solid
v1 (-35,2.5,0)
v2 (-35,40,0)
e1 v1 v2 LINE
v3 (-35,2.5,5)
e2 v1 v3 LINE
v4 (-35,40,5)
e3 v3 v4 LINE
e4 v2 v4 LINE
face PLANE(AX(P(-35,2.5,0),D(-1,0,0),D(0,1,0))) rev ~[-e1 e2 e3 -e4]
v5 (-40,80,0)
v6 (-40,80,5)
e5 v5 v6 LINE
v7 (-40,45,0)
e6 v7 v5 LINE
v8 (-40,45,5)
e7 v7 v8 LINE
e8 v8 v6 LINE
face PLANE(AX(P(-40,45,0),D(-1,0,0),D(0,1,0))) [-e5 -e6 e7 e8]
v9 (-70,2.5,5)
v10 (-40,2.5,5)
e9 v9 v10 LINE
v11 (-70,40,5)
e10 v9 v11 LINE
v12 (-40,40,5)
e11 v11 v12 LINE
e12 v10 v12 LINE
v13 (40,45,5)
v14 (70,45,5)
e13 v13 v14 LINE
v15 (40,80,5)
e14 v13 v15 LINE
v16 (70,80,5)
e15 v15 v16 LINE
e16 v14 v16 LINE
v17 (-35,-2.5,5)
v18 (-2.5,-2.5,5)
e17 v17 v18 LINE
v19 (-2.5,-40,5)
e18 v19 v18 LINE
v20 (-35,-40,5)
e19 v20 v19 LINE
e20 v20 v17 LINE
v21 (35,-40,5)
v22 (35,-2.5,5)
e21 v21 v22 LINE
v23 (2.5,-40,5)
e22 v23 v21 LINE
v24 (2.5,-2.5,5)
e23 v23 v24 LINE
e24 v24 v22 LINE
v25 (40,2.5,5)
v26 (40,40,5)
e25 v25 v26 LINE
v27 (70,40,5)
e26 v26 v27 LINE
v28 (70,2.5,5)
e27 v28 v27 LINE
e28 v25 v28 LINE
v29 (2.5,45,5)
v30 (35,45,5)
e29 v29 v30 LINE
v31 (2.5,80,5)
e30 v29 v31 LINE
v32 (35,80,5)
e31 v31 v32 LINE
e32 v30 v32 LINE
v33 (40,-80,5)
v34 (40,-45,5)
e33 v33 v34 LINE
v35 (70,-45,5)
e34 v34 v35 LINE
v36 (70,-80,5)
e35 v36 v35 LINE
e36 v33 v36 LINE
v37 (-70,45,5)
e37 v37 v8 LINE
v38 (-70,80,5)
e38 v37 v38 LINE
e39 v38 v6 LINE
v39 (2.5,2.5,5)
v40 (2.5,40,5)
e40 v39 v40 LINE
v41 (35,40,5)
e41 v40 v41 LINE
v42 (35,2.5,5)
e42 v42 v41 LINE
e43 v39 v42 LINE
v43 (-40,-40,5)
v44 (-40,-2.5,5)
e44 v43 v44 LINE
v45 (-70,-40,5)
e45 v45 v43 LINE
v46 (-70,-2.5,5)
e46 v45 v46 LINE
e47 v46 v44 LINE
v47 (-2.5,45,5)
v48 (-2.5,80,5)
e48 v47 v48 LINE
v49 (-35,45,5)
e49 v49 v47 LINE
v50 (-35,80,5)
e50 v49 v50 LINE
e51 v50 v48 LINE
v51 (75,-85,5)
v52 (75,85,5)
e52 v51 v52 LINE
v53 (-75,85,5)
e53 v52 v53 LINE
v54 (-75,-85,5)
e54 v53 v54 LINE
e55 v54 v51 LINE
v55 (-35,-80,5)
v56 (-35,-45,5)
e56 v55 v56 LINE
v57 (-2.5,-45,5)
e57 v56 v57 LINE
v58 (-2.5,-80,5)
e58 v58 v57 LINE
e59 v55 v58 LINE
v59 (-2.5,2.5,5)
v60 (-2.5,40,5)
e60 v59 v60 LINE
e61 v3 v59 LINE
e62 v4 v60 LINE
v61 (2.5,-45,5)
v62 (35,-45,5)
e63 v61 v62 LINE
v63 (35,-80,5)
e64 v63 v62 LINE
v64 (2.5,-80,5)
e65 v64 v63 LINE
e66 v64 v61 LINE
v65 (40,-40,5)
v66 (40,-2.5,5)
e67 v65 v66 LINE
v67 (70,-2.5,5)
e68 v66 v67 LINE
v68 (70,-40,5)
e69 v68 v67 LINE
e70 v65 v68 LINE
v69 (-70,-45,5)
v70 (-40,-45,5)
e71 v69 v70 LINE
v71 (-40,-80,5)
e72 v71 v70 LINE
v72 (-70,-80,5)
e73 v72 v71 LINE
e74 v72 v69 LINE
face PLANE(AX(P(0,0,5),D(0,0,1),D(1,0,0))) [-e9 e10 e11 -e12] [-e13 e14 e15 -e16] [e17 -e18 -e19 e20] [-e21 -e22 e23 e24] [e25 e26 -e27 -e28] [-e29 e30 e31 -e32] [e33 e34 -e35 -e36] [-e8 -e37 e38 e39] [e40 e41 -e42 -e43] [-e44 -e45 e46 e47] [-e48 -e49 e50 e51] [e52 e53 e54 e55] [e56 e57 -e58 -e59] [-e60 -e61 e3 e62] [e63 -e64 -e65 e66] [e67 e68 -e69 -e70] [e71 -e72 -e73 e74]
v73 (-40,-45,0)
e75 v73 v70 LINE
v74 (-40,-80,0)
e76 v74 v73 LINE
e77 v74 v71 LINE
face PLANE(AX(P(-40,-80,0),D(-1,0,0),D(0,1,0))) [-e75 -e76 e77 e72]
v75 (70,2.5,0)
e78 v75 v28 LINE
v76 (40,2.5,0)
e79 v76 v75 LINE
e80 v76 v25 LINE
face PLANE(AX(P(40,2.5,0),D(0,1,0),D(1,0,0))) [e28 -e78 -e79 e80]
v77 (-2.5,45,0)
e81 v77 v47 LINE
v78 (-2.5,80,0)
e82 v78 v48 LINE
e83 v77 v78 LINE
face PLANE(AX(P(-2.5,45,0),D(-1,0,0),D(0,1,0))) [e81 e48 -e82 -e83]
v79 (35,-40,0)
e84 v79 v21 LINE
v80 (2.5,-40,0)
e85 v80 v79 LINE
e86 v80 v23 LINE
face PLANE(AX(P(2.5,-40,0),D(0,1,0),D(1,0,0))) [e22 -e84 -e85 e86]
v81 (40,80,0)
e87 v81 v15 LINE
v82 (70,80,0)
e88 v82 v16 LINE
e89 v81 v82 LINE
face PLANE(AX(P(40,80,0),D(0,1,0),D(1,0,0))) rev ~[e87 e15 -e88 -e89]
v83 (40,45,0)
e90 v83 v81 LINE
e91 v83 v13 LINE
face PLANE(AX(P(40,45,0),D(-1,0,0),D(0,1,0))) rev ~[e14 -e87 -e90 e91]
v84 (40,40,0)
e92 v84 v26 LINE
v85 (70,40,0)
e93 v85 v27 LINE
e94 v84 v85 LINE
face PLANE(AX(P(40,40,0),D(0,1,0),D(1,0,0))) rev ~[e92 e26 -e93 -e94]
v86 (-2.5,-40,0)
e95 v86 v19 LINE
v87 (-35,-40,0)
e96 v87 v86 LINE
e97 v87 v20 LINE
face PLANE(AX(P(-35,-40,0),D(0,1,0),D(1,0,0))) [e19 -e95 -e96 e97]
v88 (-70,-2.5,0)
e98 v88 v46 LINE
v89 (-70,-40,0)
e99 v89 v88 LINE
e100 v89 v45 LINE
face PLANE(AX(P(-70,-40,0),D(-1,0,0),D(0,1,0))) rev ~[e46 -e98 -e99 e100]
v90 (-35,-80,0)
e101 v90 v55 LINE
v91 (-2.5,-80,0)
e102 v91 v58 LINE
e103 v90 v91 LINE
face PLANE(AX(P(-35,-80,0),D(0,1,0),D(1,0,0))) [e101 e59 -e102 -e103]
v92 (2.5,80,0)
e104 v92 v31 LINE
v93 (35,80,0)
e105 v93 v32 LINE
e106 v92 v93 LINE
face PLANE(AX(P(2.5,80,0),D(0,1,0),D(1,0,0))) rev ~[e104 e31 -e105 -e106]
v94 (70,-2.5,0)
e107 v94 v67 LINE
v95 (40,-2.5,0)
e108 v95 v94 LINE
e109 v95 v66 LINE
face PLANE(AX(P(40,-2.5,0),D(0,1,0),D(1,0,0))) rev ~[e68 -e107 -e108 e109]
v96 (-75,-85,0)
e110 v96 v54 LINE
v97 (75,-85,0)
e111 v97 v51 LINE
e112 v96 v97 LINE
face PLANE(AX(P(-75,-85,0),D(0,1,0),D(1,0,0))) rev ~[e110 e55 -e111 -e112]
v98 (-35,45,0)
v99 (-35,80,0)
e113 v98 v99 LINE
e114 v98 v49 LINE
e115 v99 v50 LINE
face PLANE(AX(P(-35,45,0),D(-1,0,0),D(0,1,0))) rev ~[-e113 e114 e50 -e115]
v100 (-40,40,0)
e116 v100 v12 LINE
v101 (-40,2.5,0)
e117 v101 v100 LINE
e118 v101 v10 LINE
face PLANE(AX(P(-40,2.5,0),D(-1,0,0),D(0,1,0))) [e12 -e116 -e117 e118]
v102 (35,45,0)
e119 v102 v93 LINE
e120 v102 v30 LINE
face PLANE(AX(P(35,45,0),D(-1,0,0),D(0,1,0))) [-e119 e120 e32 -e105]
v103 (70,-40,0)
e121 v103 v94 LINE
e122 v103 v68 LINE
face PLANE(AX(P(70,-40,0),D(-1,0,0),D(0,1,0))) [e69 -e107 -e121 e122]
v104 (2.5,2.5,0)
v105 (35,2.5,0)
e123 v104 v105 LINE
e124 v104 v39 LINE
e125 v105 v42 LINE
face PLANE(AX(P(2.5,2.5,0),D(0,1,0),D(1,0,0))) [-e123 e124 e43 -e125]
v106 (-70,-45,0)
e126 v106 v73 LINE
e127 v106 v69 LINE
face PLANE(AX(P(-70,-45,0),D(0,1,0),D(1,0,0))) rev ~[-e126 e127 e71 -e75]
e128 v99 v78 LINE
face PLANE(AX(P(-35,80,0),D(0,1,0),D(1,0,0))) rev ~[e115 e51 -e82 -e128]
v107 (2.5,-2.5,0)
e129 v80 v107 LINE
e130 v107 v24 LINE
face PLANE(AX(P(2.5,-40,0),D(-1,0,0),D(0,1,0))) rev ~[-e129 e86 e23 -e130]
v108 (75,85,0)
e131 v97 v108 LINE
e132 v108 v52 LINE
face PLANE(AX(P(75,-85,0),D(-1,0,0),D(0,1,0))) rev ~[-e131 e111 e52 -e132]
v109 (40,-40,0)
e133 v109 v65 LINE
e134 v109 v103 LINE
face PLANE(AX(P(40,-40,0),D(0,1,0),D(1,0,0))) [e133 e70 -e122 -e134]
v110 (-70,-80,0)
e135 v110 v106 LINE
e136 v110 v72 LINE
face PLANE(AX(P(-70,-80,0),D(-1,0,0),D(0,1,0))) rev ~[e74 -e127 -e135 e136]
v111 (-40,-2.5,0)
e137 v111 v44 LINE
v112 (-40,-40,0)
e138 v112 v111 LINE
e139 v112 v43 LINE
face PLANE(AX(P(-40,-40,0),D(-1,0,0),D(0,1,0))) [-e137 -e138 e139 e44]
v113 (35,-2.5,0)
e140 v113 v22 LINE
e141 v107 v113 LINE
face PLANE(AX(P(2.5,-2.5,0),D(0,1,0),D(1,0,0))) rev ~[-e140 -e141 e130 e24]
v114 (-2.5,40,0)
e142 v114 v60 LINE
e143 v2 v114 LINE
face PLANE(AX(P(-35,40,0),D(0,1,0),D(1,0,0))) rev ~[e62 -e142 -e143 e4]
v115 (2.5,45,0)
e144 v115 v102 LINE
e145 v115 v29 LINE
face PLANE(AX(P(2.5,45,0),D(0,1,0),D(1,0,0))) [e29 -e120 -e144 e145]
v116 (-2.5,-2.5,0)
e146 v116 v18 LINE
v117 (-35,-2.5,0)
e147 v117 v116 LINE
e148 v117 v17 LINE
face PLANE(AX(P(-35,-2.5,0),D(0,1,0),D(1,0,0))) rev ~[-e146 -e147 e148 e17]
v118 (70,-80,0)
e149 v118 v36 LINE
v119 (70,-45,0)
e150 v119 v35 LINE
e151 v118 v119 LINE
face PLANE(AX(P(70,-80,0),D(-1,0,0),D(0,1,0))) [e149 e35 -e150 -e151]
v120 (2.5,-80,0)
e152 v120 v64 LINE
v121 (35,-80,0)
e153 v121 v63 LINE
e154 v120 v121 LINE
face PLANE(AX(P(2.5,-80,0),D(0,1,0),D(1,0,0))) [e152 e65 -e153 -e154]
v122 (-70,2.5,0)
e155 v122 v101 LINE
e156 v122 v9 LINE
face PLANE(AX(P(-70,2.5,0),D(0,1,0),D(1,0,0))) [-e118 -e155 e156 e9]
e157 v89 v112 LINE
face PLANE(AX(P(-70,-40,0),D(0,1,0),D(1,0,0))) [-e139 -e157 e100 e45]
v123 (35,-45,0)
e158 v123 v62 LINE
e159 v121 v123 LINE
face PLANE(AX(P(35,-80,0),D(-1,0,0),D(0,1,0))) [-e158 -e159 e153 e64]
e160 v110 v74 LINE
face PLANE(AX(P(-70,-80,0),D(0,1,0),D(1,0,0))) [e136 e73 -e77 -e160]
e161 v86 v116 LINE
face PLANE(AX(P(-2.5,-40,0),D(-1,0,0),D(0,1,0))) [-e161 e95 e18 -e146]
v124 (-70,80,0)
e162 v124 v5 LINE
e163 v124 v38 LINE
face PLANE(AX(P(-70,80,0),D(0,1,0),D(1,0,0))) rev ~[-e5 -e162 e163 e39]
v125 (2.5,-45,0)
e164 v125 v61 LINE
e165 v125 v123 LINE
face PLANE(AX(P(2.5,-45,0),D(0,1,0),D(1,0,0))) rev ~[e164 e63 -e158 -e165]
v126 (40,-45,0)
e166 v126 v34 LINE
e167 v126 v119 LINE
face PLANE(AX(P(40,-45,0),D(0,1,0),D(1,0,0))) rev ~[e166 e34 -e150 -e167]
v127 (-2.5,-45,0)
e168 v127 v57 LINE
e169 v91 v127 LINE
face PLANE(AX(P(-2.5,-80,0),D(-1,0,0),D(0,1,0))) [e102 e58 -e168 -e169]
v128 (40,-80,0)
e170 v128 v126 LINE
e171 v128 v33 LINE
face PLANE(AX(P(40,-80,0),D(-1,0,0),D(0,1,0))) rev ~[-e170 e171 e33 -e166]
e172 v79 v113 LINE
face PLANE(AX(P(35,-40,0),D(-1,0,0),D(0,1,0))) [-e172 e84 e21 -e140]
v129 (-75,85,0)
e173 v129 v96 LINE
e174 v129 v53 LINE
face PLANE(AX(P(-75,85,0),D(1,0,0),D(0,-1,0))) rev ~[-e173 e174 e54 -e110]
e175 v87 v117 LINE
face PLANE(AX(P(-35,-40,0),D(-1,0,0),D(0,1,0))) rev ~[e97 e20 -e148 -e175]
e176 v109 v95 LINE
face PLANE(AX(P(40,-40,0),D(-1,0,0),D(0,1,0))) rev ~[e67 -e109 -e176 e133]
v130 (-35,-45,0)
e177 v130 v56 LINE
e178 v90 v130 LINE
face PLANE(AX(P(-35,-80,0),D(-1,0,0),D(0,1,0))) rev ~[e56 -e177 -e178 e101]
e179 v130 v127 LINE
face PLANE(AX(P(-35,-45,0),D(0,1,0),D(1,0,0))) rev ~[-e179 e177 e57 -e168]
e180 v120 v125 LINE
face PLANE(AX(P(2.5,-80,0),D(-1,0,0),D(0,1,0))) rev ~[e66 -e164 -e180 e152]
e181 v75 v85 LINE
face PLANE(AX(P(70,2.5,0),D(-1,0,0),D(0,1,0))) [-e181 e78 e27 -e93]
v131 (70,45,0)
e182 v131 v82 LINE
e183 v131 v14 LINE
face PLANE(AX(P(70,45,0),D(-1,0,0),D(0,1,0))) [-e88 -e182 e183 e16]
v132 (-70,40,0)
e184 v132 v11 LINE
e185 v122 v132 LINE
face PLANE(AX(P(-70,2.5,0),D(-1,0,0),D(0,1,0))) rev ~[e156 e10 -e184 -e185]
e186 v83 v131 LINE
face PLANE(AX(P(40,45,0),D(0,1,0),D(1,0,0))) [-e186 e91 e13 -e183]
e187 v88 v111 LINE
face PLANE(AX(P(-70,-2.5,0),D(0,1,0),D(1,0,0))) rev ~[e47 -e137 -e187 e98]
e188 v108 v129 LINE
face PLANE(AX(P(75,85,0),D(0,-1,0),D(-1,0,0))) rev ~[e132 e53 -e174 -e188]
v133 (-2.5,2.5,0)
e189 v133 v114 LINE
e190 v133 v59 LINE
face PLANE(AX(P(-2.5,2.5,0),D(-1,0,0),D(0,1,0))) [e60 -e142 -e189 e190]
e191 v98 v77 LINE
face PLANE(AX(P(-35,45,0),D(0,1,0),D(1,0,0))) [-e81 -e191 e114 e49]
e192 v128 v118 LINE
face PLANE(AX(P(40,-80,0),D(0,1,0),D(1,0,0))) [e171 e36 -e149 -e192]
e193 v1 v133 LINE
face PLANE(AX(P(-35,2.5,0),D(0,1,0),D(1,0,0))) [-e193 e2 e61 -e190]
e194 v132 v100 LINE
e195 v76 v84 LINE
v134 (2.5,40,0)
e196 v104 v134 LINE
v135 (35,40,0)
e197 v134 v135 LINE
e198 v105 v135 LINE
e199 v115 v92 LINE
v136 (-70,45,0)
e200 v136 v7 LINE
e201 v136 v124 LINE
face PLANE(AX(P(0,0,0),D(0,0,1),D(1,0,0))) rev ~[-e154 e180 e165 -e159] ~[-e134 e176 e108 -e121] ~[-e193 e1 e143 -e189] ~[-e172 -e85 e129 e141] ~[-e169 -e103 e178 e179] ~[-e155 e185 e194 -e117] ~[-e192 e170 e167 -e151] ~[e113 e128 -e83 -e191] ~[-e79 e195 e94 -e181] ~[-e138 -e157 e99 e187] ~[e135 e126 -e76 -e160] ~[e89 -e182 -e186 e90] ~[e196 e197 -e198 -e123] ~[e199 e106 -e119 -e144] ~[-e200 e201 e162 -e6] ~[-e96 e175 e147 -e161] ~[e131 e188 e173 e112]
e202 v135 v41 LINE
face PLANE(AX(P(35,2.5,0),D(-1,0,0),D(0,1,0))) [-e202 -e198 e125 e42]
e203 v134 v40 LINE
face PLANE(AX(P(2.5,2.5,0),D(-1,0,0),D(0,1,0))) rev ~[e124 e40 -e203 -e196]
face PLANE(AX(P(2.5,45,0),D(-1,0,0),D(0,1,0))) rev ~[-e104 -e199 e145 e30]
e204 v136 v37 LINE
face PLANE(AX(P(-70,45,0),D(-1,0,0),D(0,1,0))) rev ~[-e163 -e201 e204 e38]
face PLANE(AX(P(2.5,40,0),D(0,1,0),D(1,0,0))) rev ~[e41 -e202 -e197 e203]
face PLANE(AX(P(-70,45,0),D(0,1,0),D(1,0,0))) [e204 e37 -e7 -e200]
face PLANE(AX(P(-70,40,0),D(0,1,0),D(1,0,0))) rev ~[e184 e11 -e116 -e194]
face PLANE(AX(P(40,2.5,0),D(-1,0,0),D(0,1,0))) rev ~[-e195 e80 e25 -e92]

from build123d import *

# Parameters (mm, degrees)
F0_W     = 30
F0_H     = 35
F0_W_2   = 32.5
F0_H_2   = 37.5
F1_DEPTH = 5


with BuildPart() as f1:
    # F0 (on Top) → F1 (new body)
    with BuildSketch(Plane.XY):
        Polygon((-37.5, 85), (-75, 85), (-75, 42.5), (-75, 0), (-75, -42.5), (-75, -85), (-37.5, -85), (0, -85), (37.5, -85), (75, -85), (75, -42.5), (75, 0), (75, 42.5), (75, 85), (37.5, 85), (0, 85), align=None)
        with Locations((-55, -62.5)):
            Rectangle(F0_W, F0_H, mode=Mode.SUBTRACT)
        with Locations((-18.75, -62.5)):
            Rectangle(F0_W_2, F0_H, mode=Mode.SUBTRACT)
        with Locations((-55, -21.25)):
            Rectangle(F0_W, F0_H_2, mode=Mode.SUBTRACT)
        with Locations((-18.75, -21.25)):
            Rectangle(F0_W_2, F0_H_2, mode=Mode.SUBTRACT)
        with Locations((18.75, -62.5)):
            Rectangle(F0_W_2, F0_H, mode=Mode.SUBTRACT)
        with Locations((55, -62.5)):
            Rectangle(F0_W, F0_H, mode=Mode.SUBTRACT)
        with Locations((18.75, -21.25)):
            Rectangle(F0_W_2, F0_H_2, mode=Mode.SUBTRACT)
        with Locations((55, -21.25)):
            Rectangle(F0_W, F0_H_2, mode=Mode.SUBTRACT)
        with Locations((-55, 21.25)):
            Rectangle(F0_W, F0_H_2, mode=Mode.SUBTRACT)
        with Locations((-18.75, 21.25)):
            Rectangle(F0_W_2, F0_H_2, mode=Mode.SUBTRACT)
        with Locations((-55, 62.5)):
            Rectangle(F0_W, F0_H, mode=Mode.SUBTRACT)
        with Locations((-18.75, 62.5)):
            Rectangle(F0_W_2, F0_H, mode=Mode.SUBTRACT)
        with Locations((18.75, 21.25)):
            Rectangle(F0_W_2, F0_H_2, mode=Mode.SUBTRACT)
        with Locations((55, 21.25)):
            Rectangle(F0_W, F0_H_2, mode=Mode.SUBTRACT)
        with Locations((18.75, 62.5)):
            Rectangle(F0_W_2, F0_H, mode=Mode.SUBTRACT)
        with Locations((55, 62.5)):
            Rectangle(F0_W, F0_H, mode=Mode.SUBTRACT)
    extrude(amount=F1_DEPTH)


solid = f1.part
